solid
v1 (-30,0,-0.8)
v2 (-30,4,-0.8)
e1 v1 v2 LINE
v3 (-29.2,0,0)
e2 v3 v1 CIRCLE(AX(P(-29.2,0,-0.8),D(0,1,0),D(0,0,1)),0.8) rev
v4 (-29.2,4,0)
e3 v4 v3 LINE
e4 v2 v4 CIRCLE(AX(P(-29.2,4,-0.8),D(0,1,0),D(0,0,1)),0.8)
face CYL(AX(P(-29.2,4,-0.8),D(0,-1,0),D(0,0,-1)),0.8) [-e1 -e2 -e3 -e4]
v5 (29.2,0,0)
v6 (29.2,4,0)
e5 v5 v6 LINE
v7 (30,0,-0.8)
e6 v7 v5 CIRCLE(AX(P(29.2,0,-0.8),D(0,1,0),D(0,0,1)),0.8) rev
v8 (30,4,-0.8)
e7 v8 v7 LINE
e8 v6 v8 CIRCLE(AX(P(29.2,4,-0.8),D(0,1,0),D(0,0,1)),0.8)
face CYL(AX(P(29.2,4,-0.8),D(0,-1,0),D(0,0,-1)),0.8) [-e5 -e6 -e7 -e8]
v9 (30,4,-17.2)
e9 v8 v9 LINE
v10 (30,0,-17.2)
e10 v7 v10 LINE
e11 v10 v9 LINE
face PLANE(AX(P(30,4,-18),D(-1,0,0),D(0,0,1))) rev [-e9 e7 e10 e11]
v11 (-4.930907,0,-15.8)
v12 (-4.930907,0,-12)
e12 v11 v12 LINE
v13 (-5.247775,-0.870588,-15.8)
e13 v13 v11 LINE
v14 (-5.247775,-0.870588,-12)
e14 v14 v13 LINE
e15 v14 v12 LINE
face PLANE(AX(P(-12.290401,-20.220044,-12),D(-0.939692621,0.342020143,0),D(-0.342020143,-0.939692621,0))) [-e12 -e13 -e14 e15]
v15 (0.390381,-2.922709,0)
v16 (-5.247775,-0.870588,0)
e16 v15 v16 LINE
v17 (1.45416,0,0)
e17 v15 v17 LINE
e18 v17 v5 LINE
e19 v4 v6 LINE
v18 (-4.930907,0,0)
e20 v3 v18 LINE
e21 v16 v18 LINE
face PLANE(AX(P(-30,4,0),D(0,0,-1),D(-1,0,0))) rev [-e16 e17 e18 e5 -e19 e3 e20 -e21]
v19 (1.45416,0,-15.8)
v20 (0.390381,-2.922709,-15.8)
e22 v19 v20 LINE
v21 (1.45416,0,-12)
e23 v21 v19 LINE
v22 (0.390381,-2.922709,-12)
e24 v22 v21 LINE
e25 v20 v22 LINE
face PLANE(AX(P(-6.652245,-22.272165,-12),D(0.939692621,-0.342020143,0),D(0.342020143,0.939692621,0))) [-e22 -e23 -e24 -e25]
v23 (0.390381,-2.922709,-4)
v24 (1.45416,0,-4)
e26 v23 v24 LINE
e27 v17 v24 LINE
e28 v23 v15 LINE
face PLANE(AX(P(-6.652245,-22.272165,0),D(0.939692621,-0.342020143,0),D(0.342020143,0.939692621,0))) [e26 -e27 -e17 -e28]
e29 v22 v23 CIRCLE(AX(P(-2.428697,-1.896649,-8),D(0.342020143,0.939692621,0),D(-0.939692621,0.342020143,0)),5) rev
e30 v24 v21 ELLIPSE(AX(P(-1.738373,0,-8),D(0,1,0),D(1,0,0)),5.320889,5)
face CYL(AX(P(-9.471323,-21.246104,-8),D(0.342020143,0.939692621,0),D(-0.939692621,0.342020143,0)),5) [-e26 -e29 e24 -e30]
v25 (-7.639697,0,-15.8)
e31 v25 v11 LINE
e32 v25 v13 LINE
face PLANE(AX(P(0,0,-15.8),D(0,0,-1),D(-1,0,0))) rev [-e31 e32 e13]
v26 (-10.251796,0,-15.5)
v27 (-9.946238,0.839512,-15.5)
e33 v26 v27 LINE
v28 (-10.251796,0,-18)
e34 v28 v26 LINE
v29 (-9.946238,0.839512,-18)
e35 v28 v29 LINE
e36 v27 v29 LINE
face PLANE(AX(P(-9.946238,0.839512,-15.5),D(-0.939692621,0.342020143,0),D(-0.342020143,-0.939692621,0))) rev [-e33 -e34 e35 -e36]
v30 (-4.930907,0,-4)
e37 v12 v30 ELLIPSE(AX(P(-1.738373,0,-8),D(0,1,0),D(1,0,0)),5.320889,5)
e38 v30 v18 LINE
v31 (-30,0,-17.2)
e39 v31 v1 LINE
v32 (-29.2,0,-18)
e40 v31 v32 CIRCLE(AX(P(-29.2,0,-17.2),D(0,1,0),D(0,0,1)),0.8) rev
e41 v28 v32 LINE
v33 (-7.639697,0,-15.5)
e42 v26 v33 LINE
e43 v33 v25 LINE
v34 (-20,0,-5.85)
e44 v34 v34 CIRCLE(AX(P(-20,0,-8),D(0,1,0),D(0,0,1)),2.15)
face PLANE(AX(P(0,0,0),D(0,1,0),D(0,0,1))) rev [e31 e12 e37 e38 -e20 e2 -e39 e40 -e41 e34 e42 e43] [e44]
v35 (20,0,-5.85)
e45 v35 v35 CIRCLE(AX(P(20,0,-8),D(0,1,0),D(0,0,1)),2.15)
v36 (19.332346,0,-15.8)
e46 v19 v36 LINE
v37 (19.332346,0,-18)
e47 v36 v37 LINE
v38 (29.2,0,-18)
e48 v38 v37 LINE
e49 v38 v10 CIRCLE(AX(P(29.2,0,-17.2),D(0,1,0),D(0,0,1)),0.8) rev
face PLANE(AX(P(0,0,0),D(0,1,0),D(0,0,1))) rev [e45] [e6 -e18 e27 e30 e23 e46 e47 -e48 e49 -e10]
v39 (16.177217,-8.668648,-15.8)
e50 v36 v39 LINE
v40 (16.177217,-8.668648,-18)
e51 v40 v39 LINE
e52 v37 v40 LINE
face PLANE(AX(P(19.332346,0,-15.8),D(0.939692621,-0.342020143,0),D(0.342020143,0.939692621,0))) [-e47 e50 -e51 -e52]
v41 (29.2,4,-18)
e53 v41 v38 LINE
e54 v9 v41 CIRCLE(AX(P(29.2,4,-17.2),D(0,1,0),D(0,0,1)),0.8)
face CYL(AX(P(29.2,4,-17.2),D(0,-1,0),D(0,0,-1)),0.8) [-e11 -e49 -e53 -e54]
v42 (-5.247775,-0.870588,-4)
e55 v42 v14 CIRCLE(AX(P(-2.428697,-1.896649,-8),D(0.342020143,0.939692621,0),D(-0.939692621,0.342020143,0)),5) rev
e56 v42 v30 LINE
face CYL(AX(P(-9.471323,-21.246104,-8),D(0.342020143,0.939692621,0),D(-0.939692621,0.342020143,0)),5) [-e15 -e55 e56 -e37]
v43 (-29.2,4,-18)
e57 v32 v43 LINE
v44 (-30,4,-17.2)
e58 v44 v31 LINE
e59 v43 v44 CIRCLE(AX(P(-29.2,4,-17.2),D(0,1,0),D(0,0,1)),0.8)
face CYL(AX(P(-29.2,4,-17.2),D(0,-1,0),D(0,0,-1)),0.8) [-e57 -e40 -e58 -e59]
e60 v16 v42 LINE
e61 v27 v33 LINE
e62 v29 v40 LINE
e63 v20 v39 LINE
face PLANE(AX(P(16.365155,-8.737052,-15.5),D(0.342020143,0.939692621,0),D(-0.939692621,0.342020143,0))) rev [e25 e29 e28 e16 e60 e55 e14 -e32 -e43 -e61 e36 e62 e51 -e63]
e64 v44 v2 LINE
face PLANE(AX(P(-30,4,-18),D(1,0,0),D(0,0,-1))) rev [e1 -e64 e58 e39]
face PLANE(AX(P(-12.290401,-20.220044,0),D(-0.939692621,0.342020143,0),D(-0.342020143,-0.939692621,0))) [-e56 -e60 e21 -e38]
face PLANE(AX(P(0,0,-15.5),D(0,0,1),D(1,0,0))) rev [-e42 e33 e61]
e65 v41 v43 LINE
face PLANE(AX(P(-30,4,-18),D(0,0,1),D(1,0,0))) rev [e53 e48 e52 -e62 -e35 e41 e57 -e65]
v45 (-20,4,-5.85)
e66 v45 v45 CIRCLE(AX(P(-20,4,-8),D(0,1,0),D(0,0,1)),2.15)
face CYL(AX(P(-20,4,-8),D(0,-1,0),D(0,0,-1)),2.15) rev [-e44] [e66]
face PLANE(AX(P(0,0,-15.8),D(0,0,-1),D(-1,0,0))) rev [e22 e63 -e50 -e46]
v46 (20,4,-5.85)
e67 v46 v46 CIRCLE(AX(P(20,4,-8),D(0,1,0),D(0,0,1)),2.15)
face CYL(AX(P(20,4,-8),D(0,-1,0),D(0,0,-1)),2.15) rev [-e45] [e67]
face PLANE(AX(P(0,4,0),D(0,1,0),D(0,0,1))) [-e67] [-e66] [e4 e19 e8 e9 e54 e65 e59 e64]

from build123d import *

# Parameters (mm, degrees)
SKETCH_1_W          = 60
SKETCH_1_H          = 18
SKETCH_1_R          = 2.15
EXTRUDE_1_DEPTH     = 4
EXTRUDE_3_DEPTH     = 2.2
CUT_EXTRUDE_1_DEPTH = 2.5
EXTRUDE_2_DEPTH     = 3.981010851
FILLET_1_R          = 0.8


with BuildPart() as part:
    # 草图1 → 凸台-拉伸1 (new body)
    with BuildSketch(Plane(origin=(0, 0, 0), x_dir=(1, 0, 0), z_dir=(0, 1, 0))):
        with Locations((0, 9)):
            Rectangle(SKETCH_1_W, SKETCH_1_H)
        with Locations(Location((-20, 8, 0), (0, 0, 270))):
            Circle(SKETCH_1_R, mode=Mode.SUBTRACT)
        with Locations(Location((20, 8, 0), (0, 0, 270))):
            Circle(SKETCH_1_R, mode=Mode.SUBTRACT)
    extrude(amount=EXTRUDE_1_DEPTH)

    # 草图5 → 凸台-拉伸3 (add)
    with BuildSketch(Plane(origin=(0, 0, -18), x_dir=(-1, 0, 0), z_dir=(0, 0, -1))):
        Polygon((-19.332346445, 0), (10.038960076, 0), (10.380980219, -0.939692621), (-15.554536115, -10.379448577), align=None)
    extrude(amount=-EXTRUDE_3_DEPTH)

    # 草图6 → 切除-拉伸1 (cut)
    with BuildSketch(Plane(origin=(0, 0, -18), x_dir=(-1, 0, 0), z_dir=(0, 0, -1))):
        Polygon((-16.365155241, -8.73705171), (-9.866772518, -26.591211505), (16.444620864, -17.014647492), (9.946238141, 0.839512303), align=None)
    extrude(amount=-CUT_EXTRUDE_1_DEPTH, mode=Mode.SUBTRACT)

    # 草图4 → 凸台-拉伸2 (add)
    with BuildSketch(Plane(origin=(0.467911114, 1.285575219, 0), x_dir=(0, 0, -1), z_dir=(0.34202014332566943, 0.9396926207859081, 0))):
        with BuildLine():
            Line((0, 4.633536704), (4, 4.633536704))
            ThreePointArc((4, 4.633536704), (8, 6.633536704), (12, 4.633536704))
            Line((12, 4.633536704), (18, 4.633536704))
            Line((18, 4.633536704), (18, -1.366463296))
            Line((18, -1.366463296), (12, -1.366463296))
            ThreePointArc((12, -1.366463296), (8, -3.366463296), (4, -1.366463296))
            Line((4, -1.366463296), (0, -1.366463296))
            Line((0, -1.366463296), (0, 4.633536704))
        make_face()
    extrude(amount=-EXTRUDE_2_DEPTH)

    # 圆角1
    fillet_1_edges = [part.edges().sort_by_distance(p)[0] for p in [
        (-30, 2, -18),
        (30, 2, -18),
        (30, 2, 0),
        (-30, 2, 0),
    ]]
    fillet(fillet_1_edges, radius=FILLET_1_R)


solid = part.part
